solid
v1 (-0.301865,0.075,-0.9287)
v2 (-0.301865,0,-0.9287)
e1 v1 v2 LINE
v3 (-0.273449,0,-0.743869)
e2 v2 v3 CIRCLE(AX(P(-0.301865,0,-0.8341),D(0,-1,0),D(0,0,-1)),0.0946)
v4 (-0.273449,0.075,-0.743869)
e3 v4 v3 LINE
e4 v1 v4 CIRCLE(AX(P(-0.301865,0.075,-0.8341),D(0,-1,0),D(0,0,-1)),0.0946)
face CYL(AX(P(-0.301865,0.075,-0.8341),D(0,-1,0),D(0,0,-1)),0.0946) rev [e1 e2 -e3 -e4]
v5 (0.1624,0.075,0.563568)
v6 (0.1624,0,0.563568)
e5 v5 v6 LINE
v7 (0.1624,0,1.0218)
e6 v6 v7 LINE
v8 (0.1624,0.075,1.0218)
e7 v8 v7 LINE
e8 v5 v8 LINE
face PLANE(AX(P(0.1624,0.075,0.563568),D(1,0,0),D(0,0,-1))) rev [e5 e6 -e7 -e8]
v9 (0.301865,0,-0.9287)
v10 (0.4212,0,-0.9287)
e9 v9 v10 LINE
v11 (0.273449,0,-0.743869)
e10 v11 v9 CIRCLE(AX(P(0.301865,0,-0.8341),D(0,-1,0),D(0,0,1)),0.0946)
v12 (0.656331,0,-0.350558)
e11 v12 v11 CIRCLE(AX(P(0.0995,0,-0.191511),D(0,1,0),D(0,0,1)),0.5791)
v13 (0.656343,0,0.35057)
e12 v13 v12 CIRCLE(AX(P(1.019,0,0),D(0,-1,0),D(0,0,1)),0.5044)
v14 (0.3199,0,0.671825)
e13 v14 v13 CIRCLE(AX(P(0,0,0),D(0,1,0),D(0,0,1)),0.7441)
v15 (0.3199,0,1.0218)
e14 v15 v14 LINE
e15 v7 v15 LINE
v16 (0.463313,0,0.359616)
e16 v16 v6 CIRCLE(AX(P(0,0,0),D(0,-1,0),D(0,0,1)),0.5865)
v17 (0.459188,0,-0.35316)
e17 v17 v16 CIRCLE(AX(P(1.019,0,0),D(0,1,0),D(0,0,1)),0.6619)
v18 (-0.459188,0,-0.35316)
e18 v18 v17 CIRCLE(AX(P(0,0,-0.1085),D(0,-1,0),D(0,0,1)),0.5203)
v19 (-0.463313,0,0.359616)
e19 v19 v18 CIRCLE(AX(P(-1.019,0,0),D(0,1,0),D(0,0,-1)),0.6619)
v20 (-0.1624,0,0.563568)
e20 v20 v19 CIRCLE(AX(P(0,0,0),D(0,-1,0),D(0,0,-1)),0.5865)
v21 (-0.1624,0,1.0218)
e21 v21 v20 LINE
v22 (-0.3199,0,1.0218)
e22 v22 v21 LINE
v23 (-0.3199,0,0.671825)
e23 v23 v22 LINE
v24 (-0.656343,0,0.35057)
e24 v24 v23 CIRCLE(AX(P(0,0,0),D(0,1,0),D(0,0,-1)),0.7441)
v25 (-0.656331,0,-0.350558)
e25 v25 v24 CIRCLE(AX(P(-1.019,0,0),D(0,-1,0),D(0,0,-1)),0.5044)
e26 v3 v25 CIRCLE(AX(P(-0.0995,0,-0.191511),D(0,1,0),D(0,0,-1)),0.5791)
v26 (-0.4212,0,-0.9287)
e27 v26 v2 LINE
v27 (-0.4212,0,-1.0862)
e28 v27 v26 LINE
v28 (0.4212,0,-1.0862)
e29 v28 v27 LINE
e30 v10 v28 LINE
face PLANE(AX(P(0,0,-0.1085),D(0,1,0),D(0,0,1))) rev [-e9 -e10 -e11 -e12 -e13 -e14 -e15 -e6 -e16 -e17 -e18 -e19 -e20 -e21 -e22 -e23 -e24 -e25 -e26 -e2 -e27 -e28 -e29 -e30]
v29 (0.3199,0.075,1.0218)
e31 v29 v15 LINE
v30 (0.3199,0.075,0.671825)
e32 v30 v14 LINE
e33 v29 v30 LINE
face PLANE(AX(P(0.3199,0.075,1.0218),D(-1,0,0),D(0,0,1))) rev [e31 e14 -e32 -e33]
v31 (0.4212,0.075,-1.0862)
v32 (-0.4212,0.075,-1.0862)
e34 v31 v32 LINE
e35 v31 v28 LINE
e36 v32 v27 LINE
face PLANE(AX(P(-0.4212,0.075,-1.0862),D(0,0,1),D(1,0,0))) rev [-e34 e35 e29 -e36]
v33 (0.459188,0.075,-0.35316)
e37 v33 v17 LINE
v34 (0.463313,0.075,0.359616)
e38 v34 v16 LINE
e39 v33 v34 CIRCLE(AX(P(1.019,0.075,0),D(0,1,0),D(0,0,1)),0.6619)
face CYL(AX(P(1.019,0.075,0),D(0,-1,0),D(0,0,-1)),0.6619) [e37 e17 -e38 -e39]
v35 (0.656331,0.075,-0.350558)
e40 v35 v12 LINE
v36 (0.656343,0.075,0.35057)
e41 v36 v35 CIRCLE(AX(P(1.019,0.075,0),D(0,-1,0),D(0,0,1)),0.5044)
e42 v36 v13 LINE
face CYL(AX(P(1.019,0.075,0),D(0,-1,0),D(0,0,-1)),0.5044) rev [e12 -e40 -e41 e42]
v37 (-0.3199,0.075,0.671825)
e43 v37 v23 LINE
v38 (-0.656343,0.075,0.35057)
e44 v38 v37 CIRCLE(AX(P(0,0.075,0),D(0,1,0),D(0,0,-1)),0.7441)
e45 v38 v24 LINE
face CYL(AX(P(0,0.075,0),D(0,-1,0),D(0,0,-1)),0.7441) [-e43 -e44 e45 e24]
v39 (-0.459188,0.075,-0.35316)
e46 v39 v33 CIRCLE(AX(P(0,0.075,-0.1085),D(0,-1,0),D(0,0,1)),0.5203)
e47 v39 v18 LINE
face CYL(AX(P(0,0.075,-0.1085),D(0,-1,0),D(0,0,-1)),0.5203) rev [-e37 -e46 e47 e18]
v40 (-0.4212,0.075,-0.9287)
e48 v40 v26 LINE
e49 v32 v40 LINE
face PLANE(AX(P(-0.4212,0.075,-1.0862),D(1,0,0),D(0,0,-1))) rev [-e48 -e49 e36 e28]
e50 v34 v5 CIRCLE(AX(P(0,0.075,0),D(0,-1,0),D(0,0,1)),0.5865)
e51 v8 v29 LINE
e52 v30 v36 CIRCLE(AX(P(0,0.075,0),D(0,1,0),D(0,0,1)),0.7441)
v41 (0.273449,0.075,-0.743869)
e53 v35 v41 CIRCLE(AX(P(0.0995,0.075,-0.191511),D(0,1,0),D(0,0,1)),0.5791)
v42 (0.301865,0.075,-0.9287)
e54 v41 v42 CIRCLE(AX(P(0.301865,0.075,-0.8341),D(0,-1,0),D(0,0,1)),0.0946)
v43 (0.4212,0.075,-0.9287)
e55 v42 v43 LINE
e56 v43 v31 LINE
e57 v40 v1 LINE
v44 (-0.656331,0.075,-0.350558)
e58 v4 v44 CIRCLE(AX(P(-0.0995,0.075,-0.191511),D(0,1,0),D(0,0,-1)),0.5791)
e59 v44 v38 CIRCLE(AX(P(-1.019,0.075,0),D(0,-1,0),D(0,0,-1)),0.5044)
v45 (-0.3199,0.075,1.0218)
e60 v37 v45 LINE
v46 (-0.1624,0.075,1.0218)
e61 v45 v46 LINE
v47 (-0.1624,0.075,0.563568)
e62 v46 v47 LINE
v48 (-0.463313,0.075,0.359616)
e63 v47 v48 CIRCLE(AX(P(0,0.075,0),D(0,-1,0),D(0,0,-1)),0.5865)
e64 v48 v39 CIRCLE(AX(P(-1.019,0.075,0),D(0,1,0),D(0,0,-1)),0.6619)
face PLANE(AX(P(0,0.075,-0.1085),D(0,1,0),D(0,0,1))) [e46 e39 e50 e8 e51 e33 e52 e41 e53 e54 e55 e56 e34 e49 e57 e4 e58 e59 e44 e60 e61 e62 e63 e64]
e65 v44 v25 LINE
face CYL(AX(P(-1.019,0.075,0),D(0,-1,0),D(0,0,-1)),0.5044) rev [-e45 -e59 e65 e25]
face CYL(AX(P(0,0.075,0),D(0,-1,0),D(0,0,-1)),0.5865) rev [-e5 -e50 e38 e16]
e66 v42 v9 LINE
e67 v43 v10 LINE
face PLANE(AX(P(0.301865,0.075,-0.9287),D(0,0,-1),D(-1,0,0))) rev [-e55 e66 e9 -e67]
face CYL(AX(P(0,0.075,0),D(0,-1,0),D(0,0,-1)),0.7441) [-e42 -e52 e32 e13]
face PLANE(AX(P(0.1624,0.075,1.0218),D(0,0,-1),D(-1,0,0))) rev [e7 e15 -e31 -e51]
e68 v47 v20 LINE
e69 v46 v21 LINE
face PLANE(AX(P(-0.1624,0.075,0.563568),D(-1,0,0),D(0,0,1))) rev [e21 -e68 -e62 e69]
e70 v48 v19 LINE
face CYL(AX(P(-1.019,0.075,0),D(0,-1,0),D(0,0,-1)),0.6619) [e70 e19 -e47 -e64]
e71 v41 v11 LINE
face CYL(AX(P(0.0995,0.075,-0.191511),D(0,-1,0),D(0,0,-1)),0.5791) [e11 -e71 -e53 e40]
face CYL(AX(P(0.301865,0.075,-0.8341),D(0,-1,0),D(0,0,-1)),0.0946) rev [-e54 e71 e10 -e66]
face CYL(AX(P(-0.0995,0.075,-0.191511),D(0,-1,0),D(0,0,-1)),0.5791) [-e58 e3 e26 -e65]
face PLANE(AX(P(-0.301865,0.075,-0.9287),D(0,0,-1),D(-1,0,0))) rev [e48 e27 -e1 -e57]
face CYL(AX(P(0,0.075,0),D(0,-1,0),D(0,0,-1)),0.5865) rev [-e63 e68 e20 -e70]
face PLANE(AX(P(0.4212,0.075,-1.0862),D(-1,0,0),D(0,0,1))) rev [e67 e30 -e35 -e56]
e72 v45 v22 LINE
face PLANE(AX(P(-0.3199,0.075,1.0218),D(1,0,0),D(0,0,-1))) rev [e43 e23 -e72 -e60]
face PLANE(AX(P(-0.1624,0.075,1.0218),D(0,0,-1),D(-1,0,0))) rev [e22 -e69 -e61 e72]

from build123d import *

# Parameters (mm, degrees)
BOSS_EXTRUDE1_DEPTH = 0.075


with BuildPart() as part:
    # Sketch1 → Boss-Extrude1 (new body)
    with BuildSketch(Plane(origin=(0, 0, 0), x_dir=(1, 0, 0), z_dir=(0, 1, 0))):
        with BuildLine():
            Line((-0.4212, 1.0862), (0.4212, 1.0862))
            Line((0.4212, 1.0862), (0.4212, 0.9287))
            Line((0.4212, 0.9287), (0.30186515, 0.9287))
            ThreePointArc((0.30186515, 0.9287), (0.208363685, 0.848474841), (0.273449322, 0.743868627))
            ThreePointArc((0.273449322, 0.743868627), (0.514449909, 0.595458709), (0.656331281, 0.350557785))
            ThreePointArc((0.656331281, 0.350557785), (0.5146, -8.225e-06), (0.656342713, -0.350569612))
            ThreePointArc((0.656342713, -0.350569612), (0.513871298, -0.538164565), (0.3199, -0.671824977))
            Line((0.3199, -0.671824977), (0.3199, -1.0218))
            Line((0.3199, -1.0218), (0.1624, -1.0218))
            Line((0.1624, -1.0218), (0.1624, -0.563567645))
            ThreePointArc((0.1624, -0.563567645), (0.32905661, -0.485493561), (0.463312875, -0.359615669))
            ThreePointArc((0.463312875, -0.359615669), (0.357111084, -0.003830472), (0.459187913, 0.353160072))
            ThreePointArc((0.459187913, 0.353160072), (0, 0.6288), (-0.459187913, 0.353160072))
            ThreePointArc((-0.459187913, 0.353160072), (-0.357111084, -0.003830472), (-0.463312875, -0.359615669))
            ThreePointArc((-0.463312875, -0.359615669), (-0.32905661, -0.485493561), (-0.1624, -0.563567645))
            Line((-0.1624, -0.563567645), (-0.1624, -1.0218))
            Line((-0.1624, -1.0218), (-0.3199, -1.0218))
            Line((-0.3199, -1.0218), (-0.3199, -0.671824977))
            ThreePointArc((-0.3199, -0.671824977), (-0.513871298, -0.538164565), (-0.656342713, -0.350569612))
            ThreePointArc((-0.656342713, -0.350569612), (-0.5146, -8.225e-06), (-0.656331281, 0.350557785))
            ThreePointArc((-0.656331281, 0.350557785), (-0.514449909, 0.595458709), (-0.273449322, 0.743868627))
            ThreePointArc((-0.273449322, 0.743868627), (-0.208363685, 0.848474841), (-0.30186515, 0.9287))
            Line((-0.30186515, 0.9287), (-0.4212, 0.9287))
            Line((-0.4212, 0.9287), (-0.4212, 1.0862))
        make_face()
    extrude(amount=BOSS_EXTRUDE1_DEPTH)


solid = part.part
